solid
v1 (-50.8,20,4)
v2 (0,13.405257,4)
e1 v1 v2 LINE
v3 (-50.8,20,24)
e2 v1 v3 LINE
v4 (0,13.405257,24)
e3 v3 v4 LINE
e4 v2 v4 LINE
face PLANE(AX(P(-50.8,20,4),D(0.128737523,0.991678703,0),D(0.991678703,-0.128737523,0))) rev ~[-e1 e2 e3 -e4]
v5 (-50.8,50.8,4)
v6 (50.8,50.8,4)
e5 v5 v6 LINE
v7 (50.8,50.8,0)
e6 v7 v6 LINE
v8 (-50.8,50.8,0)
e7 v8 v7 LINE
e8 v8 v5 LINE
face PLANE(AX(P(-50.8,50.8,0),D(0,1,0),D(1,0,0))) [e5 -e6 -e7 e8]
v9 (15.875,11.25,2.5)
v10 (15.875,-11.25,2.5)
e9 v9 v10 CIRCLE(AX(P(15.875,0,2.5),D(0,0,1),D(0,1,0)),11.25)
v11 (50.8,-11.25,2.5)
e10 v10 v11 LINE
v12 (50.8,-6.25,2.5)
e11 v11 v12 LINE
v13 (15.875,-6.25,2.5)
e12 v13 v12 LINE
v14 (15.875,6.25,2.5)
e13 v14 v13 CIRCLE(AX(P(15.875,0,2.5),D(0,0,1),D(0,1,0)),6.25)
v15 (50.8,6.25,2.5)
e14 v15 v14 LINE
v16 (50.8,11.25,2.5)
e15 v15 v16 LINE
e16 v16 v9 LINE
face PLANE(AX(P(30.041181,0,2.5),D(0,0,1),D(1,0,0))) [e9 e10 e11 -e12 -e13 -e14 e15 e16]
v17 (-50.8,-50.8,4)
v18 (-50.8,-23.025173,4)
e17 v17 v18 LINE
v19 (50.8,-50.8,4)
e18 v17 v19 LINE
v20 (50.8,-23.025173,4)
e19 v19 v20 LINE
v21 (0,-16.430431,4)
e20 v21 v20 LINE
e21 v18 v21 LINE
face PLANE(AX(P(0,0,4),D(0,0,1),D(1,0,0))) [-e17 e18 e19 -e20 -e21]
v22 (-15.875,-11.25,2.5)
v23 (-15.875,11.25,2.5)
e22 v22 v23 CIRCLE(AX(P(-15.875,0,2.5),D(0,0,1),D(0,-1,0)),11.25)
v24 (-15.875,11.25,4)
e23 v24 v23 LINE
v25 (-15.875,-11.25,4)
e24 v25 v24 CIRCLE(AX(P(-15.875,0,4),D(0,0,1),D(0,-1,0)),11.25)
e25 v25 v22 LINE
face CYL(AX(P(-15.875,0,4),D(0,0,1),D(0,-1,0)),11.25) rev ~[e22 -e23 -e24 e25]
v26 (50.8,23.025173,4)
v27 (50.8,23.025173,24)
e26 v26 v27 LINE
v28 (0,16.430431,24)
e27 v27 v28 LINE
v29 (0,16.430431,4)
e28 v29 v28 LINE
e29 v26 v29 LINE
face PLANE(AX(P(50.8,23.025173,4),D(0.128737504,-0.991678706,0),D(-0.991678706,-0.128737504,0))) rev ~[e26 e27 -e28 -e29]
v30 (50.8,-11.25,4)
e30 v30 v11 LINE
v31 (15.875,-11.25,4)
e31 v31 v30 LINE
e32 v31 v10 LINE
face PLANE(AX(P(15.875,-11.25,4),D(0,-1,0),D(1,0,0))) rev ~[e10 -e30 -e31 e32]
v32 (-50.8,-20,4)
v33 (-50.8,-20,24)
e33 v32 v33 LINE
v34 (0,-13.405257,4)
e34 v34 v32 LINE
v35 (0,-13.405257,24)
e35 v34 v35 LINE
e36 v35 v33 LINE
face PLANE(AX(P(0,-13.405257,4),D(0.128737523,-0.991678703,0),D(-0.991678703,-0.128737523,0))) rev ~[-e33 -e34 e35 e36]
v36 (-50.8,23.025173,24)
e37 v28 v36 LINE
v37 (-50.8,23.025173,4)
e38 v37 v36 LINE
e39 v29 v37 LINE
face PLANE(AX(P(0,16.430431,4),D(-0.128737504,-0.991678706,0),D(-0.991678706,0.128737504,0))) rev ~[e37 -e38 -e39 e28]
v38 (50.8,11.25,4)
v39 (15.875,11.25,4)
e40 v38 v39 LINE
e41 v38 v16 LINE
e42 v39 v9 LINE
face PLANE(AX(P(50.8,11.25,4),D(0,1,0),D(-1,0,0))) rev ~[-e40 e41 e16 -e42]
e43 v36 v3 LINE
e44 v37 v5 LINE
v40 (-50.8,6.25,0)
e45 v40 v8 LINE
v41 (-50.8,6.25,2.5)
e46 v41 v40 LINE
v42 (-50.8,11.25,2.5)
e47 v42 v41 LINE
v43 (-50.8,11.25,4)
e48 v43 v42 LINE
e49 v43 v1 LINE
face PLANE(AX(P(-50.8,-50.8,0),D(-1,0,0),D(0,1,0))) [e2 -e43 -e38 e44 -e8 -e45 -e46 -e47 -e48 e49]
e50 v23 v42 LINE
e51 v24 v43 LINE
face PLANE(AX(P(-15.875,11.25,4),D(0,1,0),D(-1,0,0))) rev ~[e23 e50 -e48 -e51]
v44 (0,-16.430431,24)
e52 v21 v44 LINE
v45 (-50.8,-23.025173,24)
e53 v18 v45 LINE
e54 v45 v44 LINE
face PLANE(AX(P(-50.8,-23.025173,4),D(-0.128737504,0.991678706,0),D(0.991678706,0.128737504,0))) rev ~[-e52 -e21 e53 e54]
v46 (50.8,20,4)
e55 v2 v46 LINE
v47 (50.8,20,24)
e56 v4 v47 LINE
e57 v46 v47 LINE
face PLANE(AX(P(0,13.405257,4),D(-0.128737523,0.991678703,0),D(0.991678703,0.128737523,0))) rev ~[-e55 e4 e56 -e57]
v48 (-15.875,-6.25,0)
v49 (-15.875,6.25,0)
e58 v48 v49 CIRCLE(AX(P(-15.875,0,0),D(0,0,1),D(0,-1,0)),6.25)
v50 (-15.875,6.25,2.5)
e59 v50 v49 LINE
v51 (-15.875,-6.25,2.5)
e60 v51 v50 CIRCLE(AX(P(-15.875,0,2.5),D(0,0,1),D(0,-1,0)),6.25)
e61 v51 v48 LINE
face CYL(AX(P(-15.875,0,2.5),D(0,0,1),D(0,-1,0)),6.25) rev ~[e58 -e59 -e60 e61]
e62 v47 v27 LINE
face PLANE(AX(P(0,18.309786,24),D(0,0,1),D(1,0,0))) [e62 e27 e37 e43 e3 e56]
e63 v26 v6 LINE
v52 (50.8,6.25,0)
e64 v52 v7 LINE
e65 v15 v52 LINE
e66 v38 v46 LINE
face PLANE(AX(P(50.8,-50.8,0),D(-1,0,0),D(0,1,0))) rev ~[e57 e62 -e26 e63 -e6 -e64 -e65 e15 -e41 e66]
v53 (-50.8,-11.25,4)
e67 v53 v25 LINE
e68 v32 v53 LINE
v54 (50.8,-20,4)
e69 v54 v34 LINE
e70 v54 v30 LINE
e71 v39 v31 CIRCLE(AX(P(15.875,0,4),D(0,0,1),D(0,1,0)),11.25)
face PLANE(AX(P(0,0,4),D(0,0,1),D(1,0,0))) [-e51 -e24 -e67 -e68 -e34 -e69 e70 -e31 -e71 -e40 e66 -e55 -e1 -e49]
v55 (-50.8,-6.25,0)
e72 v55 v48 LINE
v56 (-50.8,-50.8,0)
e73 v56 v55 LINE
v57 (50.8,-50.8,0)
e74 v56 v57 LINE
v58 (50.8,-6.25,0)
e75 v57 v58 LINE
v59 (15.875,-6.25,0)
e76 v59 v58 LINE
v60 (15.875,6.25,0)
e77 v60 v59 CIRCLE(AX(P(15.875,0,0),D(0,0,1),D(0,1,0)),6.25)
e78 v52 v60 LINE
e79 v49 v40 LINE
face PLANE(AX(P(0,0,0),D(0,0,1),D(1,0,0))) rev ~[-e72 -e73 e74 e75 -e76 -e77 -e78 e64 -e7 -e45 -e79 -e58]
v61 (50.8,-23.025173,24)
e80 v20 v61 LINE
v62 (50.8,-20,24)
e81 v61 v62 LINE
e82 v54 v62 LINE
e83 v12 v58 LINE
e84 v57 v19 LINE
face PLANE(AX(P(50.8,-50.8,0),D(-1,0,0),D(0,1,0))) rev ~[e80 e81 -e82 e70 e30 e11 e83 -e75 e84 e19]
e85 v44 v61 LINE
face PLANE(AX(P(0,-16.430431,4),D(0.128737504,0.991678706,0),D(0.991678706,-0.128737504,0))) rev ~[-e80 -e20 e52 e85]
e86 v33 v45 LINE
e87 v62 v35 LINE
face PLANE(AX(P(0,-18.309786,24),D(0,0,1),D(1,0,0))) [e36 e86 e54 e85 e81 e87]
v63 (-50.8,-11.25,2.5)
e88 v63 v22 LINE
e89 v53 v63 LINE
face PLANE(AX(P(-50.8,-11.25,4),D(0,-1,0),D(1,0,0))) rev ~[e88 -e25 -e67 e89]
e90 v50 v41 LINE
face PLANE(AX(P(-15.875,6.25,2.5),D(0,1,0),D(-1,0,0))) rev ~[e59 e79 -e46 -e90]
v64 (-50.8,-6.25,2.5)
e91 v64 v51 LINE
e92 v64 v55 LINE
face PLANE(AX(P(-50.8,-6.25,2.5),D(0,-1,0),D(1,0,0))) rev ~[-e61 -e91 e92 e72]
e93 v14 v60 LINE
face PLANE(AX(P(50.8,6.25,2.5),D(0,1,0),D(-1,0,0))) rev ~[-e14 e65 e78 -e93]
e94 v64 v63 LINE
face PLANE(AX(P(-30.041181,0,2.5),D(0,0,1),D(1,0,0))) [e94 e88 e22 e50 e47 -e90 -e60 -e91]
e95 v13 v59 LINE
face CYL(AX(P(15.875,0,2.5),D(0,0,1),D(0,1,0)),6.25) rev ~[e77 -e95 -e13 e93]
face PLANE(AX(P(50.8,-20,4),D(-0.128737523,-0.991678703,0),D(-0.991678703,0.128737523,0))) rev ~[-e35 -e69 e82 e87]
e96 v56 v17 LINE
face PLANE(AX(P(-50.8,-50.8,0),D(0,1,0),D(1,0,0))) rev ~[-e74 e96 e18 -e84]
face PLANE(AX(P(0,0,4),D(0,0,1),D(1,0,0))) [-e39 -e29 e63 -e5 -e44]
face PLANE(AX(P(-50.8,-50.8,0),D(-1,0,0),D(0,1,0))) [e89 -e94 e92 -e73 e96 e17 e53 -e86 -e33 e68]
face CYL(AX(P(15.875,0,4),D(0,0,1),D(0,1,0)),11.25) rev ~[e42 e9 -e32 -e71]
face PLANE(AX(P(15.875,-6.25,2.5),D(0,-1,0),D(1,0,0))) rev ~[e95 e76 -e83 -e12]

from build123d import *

# Parameters (mm, degrees)
F0_W     = 101.6
F0_H     = 101.6
F1_DEPTH = 4
F3_DEPTH = 1.5
F5_DEPTH = 25.4
F7_DEPTH = 20


with BuildPart() as f1:
    # F0 (on Top) → F1 (new body)
    with BuildSketch(Plane.XY):
        Rectangle(F0_W, F0_H)
    extrude(amount=F1_DEPTH)

    # F2 (on face) → F3 (cut)
    with BuildSketch(Plane.XY.offset(4)):
        with BuildLine():
            Line((15.875, -11.25), (50.8, -11.25))
            Line((50.8, -11.25), (50.8, 11.25))
            Line((50.8, 11.25), (15.875, 11.25))
            ThreePointArc((15.875, 11.25), (4.625, 0), (15.875, -11.25))
        make_face()
        with BuildLine():
            Line((-50.8, -11.25), (-15.875, -11.25))
            ThreePointArc((-15.875, -11.25), (-4.625, 0), (-15.875, 11.25))
            Line((-15.875, 11.25), (-50.8, 11.25))
            Line((-50.8, 11.25), (-50.8, -11.25))
        make_face()
    extrude(amount=-F3_DEPTH, mode=Mode.SUBTRACT)

    # F4 (on face) → F5 (cut)
    with BuildSketch(Plane.XY.offset(2.5)):
        with BuildLine():
            ThreePointArc((-15.875, -6.25), (-9.625, 0), (-15.875, 6.25))
            Line((-15.875, 6.25), (-50.8, 6.25))
            Line((-50.8, 6.25), (-50.8, -6.25))
            Line((-50.8, -6.25), (-15.875, -6.25))
        make_face()
        with BuildLine():
            ThreePointArc((15.875, 6.25), (9.625, 0), (15.875, -6.25))
            Line((15.875, -6.25), (50.8, -6.25))
            Line((50.8, -6.25), (50.8, 6.25))
            Line((50.8, 6.25), (15.875, 6.25))
        make_face()
    extrude(amount=-F5_DEPTH, mode=Mode.SUBTRACT)

    # F6 (on face) → F7 (join)
    with BuildSketch(Plane.XY.offset(4)):
        Polygon((0, -13.405257), (-50.8, -20), (-50.8, -23.025173), (0, -16.430431), (50.8, -23.025173), (50.8, -20), align=None)
        Polygon((-50.8, 23.025173), (-50.8, 20), (0, 13.405257), (50.8, 20), (50.8, 23.025173), (0, 16.430431), align=None)
    extrude(amount=F7_DEPTH)


solid = f1.part
